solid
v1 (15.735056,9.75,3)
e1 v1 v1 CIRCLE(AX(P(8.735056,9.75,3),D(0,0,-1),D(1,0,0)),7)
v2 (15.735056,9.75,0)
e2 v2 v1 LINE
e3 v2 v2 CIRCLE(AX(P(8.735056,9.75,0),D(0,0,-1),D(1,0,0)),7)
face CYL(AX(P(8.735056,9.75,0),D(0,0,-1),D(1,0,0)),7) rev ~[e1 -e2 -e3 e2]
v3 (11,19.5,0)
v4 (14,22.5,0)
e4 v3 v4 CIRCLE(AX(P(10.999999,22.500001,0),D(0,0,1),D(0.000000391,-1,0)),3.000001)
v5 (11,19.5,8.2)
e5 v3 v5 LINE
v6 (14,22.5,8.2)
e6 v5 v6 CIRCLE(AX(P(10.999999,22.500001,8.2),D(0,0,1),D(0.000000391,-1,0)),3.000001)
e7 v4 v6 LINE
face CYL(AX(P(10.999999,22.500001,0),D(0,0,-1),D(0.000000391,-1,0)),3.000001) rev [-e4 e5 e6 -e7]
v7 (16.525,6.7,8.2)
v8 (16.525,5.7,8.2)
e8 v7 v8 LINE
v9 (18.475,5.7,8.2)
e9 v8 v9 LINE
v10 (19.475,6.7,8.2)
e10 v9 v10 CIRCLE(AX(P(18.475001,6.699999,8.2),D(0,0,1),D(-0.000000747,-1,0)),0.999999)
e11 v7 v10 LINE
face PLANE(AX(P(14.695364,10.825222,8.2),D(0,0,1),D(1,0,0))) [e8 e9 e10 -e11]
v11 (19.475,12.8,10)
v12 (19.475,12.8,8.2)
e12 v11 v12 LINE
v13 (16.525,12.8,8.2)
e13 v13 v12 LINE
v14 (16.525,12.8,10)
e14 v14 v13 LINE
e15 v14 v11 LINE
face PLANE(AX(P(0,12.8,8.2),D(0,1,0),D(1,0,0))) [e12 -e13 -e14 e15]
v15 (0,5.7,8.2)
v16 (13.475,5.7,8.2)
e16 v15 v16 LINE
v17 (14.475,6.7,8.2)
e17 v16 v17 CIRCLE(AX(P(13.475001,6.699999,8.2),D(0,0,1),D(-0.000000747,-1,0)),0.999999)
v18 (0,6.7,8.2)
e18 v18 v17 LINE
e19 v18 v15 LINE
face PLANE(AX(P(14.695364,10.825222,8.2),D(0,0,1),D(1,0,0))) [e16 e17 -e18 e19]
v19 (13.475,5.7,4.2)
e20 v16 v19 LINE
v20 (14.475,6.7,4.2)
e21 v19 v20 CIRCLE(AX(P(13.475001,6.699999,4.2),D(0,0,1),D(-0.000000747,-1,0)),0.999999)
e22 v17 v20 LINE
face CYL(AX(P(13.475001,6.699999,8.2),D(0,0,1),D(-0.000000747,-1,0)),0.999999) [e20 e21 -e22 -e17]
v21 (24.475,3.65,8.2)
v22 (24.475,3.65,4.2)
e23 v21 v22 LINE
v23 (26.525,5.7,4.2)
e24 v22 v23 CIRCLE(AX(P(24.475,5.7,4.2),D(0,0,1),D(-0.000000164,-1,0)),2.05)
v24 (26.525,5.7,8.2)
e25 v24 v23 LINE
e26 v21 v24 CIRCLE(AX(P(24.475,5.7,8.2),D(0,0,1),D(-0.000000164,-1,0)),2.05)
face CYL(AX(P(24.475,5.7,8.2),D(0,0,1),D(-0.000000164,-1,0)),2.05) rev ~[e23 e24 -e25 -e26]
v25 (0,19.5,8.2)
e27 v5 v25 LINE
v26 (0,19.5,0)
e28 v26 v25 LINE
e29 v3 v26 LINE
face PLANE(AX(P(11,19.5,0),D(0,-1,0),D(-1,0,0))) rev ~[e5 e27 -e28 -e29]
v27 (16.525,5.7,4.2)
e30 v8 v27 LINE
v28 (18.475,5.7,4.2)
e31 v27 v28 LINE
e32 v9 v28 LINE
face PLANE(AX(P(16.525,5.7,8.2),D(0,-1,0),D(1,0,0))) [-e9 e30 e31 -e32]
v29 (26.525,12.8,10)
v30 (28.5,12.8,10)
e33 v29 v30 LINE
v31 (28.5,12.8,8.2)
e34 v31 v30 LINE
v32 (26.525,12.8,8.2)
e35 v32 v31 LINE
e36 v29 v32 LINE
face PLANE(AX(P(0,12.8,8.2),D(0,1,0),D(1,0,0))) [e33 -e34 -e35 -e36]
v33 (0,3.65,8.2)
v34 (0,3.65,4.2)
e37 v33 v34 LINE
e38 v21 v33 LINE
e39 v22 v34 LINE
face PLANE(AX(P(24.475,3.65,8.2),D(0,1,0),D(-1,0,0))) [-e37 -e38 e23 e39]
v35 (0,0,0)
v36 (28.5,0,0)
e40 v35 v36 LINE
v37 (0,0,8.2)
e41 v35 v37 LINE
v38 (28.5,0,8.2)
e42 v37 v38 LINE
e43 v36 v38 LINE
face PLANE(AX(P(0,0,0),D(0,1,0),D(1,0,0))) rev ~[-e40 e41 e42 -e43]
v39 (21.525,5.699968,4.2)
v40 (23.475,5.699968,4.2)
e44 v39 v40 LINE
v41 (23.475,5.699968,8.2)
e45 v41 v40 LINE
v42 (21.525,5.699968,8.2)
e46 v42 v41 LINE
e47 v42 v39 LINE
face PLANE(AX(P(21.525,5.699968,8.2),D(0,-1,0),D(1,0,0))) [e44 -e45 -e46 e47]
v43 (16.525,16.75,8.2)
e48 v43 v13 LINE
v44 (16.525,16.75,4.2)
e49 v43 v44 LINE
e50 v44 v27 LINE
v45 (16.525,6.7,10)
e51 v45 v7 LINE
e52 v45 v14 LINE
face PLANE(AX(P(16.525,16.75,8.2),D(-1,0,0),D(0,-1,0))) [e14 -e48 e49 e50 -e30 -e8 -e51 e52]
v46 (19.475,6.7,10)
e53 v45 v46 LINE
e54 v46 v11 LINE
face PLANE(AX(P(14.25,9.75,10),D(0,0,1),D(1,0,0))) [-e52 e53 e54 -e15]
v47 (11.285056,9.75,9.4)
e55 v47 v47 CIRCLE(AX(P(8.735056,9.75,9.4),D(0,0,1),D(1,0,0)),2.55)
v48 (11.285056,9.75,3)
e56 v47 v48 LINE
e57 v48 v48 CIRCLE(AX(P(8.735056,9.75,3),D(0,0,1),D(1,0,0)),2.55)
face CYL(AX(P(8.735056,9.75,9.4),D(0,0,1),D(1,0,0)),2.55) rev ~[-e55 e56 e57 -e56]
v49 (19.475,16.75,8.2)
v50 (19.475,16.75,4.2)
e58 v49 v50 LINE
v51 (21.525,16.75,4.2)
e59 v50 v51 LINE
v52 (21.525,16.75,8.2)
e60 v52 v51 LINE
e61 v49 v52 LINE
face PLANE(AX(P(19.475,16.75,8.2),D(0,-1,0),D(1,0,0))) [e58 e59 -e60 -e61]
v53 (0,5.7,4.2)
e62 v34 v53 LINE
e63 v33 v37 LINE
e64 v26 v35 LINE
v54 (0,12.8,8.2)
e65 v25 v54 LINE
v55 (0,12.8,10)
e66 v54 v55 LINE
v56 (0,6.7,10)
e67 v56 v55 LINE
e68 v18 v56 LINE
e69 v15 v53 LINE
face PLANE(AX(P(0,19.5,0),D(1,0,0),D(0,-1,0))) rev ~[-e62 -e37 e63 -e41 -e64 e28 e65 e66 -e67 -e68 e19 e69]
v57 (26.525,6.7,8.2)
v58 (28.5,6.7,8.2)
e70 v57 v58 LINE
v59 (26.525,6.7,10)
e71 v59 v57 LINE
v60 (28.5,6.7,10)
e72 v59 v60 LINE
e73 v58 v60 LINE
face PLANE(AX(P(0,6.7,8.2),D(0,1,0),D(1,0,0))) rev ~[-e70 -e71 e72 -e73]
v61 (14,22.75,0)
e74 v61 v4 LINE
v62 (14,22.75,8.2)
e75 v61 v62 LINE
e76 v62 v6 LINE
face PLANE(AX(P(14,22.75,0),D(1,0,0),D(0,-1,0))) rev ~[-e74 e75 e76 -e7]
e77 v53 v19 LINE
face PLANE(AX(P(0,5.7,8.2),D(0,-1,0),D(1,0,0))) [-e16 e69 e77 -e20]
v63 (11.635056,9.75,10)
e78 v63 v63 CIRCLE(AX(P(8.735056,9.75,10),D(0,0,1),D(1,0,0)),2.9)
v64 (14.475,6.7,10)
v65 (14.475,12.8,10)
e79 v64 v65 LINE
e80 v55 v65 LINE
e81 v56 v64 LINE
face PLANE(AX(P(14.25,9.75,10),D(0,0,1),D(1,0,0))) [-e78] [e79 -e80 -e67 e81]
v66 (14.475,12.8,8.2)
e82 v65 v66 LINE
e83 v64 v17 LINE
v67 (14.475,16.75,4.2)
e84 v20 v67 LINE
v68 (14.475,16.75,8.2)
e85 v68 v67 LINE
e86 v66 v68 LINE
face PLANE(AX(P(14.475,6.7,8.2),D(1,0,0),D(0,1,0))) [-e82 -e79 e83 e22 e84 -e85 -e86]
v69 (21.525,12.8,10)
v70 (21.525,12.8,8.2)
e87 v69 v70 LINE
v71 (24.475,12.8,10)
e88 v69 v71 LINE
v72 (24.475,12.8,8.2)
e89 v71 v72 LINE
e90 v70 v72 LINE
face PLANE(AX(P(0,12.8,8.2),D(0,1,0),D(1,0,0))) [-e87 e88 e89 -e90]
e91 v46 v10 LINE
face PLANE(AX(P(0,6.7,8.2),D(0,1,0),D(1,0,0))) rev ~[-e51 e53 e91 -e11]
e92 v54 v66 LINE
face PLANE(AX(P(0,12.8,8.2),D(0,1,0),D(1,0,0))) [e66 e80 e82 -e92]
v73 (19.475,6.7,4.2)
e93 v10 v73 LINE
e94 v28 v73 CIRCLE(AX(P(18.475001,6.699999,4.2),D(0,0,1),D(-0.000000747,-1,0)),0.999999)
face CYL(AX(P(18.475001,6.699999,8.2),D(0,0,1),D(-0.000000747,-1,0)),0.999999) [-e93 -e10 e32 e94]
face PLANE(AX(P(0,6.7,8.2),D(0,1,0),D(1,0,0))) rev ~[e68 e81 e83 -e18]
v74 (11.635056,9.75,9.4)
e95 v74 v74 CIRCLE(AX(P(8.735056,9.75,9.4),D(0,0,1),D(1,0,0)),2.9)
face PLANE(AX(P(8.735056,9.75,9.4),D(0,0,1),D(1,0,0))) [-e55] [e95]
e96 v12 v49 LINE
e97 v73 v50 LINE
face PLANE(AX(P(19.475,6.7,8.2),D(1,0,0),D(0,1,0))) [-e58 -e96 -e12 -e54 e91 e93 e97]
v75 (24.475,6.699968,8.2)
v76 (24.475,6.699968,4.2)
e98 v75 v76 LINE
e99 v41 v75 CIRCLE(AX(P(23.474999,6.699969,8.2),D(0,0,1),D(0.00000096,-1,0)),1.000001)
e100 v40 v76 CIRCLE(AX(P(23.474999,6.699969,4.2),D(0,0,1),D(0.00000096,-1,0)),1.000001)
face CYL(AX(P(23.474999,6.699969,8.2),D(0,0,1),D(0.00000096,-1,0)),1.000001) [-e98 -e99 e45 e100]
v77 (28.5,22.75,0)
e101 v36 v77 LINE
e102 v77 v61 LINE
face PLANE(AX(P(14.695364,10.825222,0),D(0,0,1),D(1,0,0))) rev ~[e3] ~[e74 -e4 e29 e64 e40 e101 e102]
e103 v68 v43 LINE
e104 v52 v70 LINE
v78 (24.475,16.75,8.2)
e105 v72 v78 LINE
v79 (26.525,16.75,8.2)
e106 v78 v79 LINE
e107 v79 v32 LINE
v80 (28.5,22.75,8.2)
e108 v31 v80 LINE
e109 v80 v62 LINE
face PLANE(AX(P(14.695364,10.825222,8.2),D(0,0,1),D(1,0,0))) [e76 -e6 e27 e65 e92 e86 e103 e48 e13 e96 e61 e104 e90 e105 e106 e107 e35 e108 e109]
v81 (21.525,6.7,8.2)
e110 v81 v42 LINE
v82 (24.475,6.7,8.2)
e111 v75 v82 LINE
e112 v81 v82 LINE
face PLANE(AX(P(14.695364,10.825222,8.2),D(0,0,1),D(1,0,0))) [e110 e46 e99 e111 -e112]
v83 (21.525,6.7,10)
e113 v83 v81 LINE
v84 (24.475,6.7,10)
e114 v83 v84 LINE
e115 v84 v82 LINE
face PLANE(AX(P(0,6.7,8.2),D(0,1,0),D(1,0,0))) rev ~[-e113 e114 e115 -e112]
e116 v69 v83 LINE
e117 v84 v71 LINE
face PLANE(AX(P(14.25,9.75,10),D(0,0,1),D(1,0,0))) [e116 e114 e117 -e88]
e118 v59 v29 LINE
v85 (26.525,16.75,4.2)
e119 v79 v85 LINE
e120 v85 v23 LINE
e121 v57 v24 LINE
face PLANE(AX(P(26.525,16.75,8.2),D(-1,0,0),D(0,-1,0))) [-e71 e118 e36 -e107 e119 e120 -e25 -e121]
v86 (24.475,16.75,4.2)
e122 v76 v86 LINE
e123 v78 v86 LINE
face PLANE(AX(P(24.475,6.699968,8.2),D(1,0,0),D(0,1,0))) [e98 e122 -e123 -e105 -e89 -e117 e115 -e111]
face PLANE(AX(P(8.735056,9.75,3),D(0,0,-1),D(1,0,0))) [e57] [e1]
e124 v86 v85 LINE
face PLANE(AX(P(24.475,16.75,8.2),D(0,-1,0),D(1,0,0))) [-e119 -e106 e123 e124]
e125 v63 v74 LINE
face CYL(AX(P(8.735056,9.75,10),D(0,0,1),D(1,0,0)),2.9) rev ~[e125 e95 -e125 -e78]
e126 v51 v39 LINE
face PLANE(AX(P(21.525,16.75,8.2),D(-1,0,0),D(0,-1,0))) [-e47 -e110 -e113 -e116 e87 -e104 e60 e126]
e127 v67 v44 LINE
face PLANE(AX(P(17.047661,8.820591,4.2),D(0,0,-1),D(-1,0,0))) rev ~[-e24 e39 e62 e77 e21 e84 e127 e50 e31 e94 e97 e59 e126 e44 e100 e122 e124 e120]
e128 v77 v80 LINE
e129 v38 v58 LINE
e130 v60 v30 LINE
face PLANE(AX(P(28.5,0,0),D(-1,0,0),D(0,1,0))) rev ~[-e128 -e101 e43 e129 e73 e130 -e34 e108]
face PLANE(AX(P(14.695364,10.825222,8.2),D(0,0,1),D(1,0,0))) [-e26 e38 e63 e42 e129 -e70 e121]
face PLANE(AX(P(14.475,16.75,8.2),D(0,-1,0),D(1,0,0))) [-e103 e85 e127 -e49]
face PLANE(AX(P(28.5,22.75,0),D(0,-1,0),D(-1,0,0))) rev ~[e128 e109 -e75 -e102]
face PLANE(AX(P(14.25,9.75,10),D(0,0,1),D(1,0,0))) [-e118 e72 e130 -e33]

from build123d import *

# Parameters (mm, degrees)
PAD004_DEPTH    = 8.2
SKETCH014_W     = 28.5
SKETCH014_H     = 6.1
PAD005_DEPTH    = 1.8
SKETCH015_R     = 2.9
POCKET004_DEPTH = 0.6
SKETCH016_W     = 2.05
SKETCH016_H     = 6.1
POCKET005_DEPTH = 1.8
POCKET006_DEPTH = 4
SKETCH019_R     = 2.55
POCKET008_DEPTH = 7.5
SKETCH020_R     = 7
POCKET_DEPTH    = 3


with BuildPart() as part:
    # Sketch013 → Pad004 (new body)
    with BuildSketch(Plane.XY):
        with BuildLine():
            Line((0, 0), (28.5, 0))
            Line((28.5, 0), (28.5, 22.75))
            Line((28.5, 22.75), (14, 22.75))
            Line((14, 22.75), (14, 22.5))
            ThreePointArc((11, 19.5), (13.12132, 20.37868), (14, 22.5))
            Line((11, 19.5), (0, 19.5))
            Line((0, 19.5), (0, 0))
        make_face()
    extrude(amount=PAD004_DEPTH)

    # Sketch014 (on Face9 of Pad004) → Pad005 (join)
    with BuildSketch(Plane.XY.offset(8.2)):
        with Locations((14.25, 9.75)):
            Rectangle(SKETCH014_W, SKETCH014_H)
    extrude(amount=PAD005_DEPTH)

    # Sketch015 (on Face11 of Pad005) → Pocket004 (cut)
    with BuildSketch(Plane.XY.offset(10)):
        with Locations((8.735056, 9.75)):
            Circle(SKETCH015_R)
    extrude(amount=-POCKET004_DEPTH, mode=Mode.SUBTRACT)

    # Sketch016 (on Face10 of Pocket004) → Pocket005 (cut)
    with BuildSketch(Plane.XY.offset(10)):
        with Locations((15.5, 9.75)):
            Rectangle(SKETCH016_W, SKETCH016_H)
        Polygon((21.525, 12.8), (21.525, 6.7), (19.475, 6.7), (19.475, 12.8), (20.5, 12.8), align=None)
        with Locations((25.5, 9.75)):
            Rectangle(SKETCH016_W, SKETCH016_H)
    extrude(amount=-POCKET005_DEPTH, mode=Mode.SUBTRACT)

    # Sketch017 (on Face19 of Clone) → Pocket006 (cut)
    with BuildSketch(Plane.XY.offset(8.2)):
        with BuildLine():
            Line((0, 5.7), (13.475, 5.7))
            ThreePointArc((13.475, 5.7), (14.182107, 5.992893), (14.475, 6.7))
            Line((14.475, 6.7), (14.475, 16.75))
            Line((14.475, 16.75), (16.525, 16.75))
            Line((16.525, 16.75), (16.525, 5.7))
            Line((16.525, 5.7), (18.475, 5.7))
            ThreePointArc((18.475, 5.7), (19.182107, 5.992893), (19.475, 6.7))
            Line((19.475, 6.7), (19.475, 16.75))
            Line((19.475, 16.75), (21.525, 16.75))
            Line((21.525, 16.75), (21.525, 5.699968))
            Line((21.525, 5.699968), (23.475, 5.699968))
            ThreePointArc((23.475, 5.699968), (24.182107, 5.992862), (24.475, 6.699968))
            Line((24.475, 6.699968), (24.475, 16.75))
            Line((24.475, 16.75), (26.525, 16.75))
            Line((26.525, 16.75), (26.525, 5.7))
            ThreePointArc((24.475, 3.65), (25.924569, 4.250431), (26.525, 5.7))
            Line((24.475, 3.65), (0, 3.65))
            Line((0, 3.65), (0, 5.7))
        make_face()
    extrude(amount=-POCKET006_DEPTH, mode=Mode.SUBTRACT)

    # Sketch019 (on Face37 of Pocket006) → Pocket008 (cut)
    with BuildSketch(Plane.XY.offset(9.4)):
        with Locations((8.735056, 9.75)):
            Circle(SKETCH019_R)
    extrude(amount=-POCKET008_DEPTH, mode=Mode.SUBTRACT)

    # Sketch020 (on Face4 of Pocket008) → Pocket (cut)
    with BuildSketch(Plane(origin=(0, 0, 0), x_dir=(1, 0, 0), z_dir=(0, 0, -1))):
        with Locations((8.735056, -9.75)):
            Circle(SKETCH020_R)
    extrude(amount=-POCKET_DEPTH, mode=Mode.SUBTRACT)


solid = part.part
